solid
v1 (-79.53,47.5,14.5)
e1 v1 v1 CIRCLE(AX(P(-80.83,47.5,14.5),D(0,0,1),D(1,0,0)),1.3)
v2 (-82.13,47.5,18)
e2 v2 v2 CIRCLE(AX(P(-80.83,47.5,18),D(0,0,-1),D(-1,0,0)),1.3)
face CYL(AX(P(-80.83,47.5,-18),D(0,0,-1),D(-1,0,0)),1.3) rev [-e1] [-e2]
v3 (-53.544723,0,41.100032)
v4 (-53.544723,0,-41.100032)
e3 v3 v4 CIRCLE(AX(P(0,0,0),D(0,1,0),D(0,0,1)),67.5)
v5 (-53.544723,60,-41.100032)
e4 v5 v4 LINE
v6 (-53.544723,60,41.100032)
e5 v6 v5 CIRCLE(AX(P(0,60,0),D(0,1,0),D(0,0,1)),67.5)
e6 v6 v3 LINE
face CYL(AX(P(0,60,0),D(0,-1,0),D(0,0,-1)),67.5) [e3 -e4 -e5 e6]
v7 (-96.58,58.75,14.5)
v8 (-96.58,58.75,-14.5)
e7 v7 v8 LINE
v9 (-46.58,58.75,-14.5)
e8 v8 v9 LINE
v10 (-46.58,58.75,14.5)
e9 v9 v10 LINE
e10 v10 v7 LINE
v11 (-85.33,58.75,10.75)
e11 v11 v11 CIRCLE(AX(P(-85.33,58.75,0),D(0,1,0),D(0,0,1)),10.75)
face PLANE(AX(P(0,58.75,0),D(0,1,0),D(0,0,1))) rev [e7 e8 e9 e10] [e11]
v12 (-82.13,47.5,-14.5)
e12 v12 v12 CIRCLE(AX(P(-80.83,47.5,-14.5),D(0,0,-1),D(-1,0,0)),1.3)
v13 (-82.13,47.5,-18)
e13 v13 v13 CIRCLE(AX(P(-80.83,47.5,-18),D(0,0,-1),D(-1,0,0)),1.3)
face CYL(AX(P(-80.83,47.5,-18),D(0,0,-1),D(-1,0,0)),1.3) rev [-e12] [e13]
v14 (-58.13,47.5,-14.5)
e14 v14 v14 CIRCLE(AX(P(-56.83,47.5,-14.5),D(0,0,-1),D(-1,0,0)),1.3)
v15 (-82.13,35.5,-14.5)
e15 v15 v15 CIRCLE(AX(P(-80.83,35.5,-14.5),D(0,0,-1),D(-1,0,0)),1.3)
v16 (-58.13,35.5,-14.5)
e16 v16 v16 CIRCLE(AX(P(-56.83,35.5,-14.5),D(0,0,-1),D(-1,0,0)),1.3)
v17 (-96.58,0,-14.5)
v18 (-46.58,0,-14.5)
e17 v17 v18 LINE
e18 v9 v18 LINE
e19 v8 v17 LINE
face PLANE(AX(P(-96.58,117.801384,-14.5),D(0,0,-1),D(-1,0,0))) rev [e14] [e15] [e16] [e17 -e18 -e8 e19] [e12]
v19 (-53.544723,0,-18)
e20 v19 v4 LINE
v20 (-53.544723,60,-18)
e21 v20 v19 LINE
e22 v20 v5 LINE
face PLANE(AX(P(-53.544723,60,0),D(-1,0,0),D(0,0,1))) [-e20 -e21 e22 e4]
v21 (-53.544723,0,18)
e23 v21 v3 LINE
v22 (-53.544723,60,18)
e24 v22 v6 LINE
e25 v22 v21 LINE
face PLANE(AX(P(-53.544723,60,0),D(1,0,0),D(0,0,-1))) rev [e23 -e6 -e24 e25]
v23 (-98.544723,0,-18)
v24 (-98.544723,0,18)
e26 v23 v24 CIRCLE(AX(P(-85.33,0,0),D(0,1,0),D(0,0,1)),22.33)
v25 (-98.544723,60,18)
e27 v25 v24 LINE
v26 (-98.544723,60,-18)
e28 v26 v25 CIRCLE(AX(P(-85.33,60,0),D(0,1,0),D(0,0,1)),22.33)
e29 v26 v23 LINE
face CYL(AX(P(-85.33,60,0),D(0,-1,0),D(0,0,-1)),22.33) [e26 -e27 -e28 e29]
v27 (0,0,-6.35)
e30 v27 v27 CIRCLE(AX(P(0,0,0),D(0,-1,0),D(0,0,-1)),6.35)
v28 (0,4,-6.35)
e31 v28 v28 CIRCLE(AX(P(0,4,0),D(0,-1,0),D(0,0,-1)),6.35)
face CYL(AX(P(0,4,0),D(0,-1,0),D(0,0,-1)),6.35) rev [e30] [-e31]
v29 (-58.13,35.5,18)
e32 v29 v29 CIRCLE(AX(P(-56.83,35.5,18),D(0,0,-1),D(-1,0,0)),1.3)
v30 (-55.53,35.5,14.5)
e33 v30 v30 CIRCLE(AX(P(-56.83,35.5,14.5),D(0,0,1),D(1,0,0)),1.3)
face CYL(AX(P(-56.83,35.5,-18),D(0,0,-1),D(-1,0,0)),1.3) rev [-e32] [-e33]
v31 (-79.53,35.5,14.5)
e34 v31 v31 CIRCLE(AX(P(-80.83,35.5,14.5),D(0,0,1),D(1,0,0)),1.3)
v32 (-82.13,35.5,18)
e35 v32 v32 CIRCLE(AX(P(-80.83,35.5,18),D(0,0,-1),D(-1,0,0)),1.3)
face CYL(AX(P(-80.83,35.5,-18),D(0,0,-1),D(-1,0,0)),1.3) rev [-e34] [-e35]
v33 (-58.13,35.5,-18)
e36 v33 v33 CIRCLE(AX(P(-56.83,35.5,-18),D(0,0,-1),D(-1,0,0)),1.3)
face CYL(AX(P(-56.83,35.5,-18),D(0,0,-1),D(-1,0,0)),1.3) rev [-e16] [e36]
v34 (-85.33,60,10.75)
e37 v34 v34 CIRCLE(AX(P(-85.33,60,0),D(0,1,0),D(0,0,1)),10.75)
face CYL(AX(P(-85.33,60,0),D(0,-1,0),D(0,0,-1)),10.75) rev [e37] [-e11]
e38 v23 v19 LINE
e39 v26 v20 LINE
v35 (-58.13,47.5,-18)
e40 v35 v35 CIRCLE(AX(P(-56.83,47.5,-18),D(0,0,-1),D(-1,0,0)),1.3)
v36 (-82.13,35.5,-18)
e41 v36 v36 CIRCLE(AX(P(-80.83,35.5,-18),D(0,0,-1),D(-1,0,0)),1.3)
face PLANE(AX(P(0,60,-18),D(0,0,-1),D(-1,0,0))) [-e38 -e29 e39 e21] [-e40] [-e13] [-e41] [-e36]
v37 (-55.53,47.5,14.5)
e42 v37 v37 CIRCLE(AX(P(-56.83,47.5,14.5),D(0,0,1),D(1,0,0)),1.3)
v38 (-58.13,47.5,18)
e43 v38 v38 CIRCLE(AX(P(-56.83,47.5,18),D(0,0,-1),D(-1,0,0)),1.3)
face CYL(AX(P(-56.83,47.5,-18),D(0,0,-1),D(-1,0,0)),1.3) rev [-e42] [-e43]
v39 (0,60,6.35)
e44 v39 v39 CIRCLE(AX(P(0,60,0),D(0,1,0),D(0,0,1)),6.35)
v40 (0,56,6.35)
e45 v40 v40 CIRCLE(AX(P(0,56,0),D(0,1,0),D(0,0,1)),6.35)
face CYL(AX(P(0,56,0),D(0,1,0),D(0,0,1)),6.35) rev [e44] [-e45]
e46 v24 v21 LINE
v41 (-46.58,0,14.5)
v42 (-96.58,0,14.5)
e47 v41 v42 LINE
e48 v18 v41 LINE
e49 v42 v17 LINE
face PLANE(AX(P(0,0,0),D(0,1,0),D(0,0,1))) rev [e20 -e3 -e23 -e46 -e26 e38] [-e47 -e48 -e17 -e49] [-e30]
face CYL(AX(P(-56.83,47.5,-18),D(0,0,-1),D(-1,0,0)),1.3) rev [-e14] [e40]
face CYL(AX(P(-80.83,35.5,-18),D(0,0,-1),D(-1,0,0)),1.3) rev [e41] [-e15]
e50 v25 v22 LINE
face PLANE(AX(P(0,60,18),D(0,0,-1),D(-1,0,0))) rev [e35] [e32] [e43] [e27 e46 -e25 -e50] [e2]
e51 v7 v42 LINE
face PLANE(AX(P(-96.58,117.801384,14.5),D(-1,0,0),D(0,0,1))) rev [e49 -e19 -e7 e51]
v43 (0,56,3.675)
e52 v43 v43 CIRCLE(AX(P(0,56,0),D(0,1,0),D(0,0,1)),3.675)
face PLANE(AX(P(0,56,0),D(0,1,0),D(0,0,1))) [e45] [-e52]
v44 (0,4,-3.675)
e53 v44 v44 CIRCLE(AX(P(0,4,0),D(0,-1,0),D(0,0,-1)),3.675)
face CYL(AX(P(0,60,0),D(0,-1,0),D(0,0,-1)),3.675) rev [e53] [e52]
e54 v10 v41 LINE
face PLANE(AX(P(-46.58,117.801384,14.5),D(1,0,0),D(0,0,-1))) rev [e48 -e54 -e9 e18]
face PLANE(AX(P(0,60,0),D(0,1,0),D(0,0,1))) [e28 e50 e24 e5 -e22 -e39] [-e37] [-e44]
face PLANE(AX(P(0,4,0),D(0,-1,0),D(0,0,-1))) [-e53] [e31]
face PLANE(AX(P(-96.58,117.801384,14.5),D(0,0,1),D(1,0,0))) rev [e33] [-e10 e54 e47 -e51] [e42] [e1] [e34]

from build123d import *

# Parameters (mm, degrees)
ESQUISSE1_R             = 10.75
ESQUISSE1_R_2           = 3.675
BOSS_EXTRU_1_DEPTH      = 60
ESQUISSE2_W             = 50
ESQUISSE2_H             = 29
ENL_V_MAT_EXTRU_1_DEPTH = 58.75
D_GAGEMENT_M21_D        = 2.6
ESQUISSE4_R             = 6.35
ENL_V_MAT_EXTRU_2_DEPTH = 4
ENL_V_START             = -4
ESQUISSE5_R             = 6.35
ENL_V_MAT_EXTRU_3_DEPTH = 4


with BuildPart() as part:
    # Esquisse1 → Boss.-Extru.1 (new body)
    with BuildSketch(Plane(origin=(0, 0, 0), x_dir=(1, 0, 0), z_dir=(0, 1, 0))):
        with BuildLine():
            Line((-53.54472285, -18), (-53.54472285, -41.100032298))
            ThreePointArc((-53.54472285, -41.100032298), (67.5, 0), (-53.54472285, 41.100032298))
            Line((-53.54472285, 41.100032298), (-53.54472285, 18))
            Line((-53.54472285, 18), (-98.54472285, 18))
            ThreePointArc((-98.54472285, 18), (-107.66, 0), (-98.54472285, -18))
            Line((-98.54472285, -18), (-53.54472285, -18))
        make_face()
        with Locations(Location((-85.33, 0, 0), (0, 0, 270))):
            Circle(ESQUISSE1_R, mode=Mode.SUBTRACT)
        with Locations(Location((0, 0, 0), (0, 0, 270))):
            Circle(ESQUISSE1_R_2, mode=Mode.SUBTRACT)
    extrude(amount=BOSS_EXTRU_1_DEPTH)

    # Esquisse2 → Enlèv. mat.-Extru.1 (cut)
    with BuildSketch(Plane.XZ):
        with Locations((-71.58, 0)):
            Rectangle(ESQUISSE2_W, ESQUISSE2_H)
    extrude(amount=-ENL_V_MAT_EXTRU_1_DEPTH, mode=Mode.SUBTRACT)

    # Dégagement M21 (through all)
    with Locations(Plane(origin=(-56.83, 47.5, -18), x_dir=(-1, 0, 0), z_dir=(0, 0, -1))):
        with Locations((0, 0), (24, 0), (24, -12), (0, -12)):
            Hole(D_GAGEMENT_M21_D / 2)

    # Esquisse4 → Enlèv. mat.-Extru.2 (cut)
    with BuildSketch(Plane.XZ):
        with Locations(Location((0, 0, 0), (0, 0, 270))):
            Circle(ESQUISSE4_R)
    extrude(amount=-ENL_V_MAT_EXTRU_2_DEPTH, mode=Mode.SUBTRACT)

    # Esquisse5 → Enlèv. mat.-Extru.3 (cut)
    with BuildSketch(Plane(origin=(0, 60, 0), x_dir=(1, 0, 0), z_dir=(0, 1, 0)).offset(ENL_V_START)):
        with Locations(Location((0, 0, 0), (0, 0, 90))):
            Circle(ESQUISSE5_R)
    extrude(amount=ENL_V_MAT_EXTRU_3_DEPTH, mode=Mode.SUBTRACT)


solid = part.part
